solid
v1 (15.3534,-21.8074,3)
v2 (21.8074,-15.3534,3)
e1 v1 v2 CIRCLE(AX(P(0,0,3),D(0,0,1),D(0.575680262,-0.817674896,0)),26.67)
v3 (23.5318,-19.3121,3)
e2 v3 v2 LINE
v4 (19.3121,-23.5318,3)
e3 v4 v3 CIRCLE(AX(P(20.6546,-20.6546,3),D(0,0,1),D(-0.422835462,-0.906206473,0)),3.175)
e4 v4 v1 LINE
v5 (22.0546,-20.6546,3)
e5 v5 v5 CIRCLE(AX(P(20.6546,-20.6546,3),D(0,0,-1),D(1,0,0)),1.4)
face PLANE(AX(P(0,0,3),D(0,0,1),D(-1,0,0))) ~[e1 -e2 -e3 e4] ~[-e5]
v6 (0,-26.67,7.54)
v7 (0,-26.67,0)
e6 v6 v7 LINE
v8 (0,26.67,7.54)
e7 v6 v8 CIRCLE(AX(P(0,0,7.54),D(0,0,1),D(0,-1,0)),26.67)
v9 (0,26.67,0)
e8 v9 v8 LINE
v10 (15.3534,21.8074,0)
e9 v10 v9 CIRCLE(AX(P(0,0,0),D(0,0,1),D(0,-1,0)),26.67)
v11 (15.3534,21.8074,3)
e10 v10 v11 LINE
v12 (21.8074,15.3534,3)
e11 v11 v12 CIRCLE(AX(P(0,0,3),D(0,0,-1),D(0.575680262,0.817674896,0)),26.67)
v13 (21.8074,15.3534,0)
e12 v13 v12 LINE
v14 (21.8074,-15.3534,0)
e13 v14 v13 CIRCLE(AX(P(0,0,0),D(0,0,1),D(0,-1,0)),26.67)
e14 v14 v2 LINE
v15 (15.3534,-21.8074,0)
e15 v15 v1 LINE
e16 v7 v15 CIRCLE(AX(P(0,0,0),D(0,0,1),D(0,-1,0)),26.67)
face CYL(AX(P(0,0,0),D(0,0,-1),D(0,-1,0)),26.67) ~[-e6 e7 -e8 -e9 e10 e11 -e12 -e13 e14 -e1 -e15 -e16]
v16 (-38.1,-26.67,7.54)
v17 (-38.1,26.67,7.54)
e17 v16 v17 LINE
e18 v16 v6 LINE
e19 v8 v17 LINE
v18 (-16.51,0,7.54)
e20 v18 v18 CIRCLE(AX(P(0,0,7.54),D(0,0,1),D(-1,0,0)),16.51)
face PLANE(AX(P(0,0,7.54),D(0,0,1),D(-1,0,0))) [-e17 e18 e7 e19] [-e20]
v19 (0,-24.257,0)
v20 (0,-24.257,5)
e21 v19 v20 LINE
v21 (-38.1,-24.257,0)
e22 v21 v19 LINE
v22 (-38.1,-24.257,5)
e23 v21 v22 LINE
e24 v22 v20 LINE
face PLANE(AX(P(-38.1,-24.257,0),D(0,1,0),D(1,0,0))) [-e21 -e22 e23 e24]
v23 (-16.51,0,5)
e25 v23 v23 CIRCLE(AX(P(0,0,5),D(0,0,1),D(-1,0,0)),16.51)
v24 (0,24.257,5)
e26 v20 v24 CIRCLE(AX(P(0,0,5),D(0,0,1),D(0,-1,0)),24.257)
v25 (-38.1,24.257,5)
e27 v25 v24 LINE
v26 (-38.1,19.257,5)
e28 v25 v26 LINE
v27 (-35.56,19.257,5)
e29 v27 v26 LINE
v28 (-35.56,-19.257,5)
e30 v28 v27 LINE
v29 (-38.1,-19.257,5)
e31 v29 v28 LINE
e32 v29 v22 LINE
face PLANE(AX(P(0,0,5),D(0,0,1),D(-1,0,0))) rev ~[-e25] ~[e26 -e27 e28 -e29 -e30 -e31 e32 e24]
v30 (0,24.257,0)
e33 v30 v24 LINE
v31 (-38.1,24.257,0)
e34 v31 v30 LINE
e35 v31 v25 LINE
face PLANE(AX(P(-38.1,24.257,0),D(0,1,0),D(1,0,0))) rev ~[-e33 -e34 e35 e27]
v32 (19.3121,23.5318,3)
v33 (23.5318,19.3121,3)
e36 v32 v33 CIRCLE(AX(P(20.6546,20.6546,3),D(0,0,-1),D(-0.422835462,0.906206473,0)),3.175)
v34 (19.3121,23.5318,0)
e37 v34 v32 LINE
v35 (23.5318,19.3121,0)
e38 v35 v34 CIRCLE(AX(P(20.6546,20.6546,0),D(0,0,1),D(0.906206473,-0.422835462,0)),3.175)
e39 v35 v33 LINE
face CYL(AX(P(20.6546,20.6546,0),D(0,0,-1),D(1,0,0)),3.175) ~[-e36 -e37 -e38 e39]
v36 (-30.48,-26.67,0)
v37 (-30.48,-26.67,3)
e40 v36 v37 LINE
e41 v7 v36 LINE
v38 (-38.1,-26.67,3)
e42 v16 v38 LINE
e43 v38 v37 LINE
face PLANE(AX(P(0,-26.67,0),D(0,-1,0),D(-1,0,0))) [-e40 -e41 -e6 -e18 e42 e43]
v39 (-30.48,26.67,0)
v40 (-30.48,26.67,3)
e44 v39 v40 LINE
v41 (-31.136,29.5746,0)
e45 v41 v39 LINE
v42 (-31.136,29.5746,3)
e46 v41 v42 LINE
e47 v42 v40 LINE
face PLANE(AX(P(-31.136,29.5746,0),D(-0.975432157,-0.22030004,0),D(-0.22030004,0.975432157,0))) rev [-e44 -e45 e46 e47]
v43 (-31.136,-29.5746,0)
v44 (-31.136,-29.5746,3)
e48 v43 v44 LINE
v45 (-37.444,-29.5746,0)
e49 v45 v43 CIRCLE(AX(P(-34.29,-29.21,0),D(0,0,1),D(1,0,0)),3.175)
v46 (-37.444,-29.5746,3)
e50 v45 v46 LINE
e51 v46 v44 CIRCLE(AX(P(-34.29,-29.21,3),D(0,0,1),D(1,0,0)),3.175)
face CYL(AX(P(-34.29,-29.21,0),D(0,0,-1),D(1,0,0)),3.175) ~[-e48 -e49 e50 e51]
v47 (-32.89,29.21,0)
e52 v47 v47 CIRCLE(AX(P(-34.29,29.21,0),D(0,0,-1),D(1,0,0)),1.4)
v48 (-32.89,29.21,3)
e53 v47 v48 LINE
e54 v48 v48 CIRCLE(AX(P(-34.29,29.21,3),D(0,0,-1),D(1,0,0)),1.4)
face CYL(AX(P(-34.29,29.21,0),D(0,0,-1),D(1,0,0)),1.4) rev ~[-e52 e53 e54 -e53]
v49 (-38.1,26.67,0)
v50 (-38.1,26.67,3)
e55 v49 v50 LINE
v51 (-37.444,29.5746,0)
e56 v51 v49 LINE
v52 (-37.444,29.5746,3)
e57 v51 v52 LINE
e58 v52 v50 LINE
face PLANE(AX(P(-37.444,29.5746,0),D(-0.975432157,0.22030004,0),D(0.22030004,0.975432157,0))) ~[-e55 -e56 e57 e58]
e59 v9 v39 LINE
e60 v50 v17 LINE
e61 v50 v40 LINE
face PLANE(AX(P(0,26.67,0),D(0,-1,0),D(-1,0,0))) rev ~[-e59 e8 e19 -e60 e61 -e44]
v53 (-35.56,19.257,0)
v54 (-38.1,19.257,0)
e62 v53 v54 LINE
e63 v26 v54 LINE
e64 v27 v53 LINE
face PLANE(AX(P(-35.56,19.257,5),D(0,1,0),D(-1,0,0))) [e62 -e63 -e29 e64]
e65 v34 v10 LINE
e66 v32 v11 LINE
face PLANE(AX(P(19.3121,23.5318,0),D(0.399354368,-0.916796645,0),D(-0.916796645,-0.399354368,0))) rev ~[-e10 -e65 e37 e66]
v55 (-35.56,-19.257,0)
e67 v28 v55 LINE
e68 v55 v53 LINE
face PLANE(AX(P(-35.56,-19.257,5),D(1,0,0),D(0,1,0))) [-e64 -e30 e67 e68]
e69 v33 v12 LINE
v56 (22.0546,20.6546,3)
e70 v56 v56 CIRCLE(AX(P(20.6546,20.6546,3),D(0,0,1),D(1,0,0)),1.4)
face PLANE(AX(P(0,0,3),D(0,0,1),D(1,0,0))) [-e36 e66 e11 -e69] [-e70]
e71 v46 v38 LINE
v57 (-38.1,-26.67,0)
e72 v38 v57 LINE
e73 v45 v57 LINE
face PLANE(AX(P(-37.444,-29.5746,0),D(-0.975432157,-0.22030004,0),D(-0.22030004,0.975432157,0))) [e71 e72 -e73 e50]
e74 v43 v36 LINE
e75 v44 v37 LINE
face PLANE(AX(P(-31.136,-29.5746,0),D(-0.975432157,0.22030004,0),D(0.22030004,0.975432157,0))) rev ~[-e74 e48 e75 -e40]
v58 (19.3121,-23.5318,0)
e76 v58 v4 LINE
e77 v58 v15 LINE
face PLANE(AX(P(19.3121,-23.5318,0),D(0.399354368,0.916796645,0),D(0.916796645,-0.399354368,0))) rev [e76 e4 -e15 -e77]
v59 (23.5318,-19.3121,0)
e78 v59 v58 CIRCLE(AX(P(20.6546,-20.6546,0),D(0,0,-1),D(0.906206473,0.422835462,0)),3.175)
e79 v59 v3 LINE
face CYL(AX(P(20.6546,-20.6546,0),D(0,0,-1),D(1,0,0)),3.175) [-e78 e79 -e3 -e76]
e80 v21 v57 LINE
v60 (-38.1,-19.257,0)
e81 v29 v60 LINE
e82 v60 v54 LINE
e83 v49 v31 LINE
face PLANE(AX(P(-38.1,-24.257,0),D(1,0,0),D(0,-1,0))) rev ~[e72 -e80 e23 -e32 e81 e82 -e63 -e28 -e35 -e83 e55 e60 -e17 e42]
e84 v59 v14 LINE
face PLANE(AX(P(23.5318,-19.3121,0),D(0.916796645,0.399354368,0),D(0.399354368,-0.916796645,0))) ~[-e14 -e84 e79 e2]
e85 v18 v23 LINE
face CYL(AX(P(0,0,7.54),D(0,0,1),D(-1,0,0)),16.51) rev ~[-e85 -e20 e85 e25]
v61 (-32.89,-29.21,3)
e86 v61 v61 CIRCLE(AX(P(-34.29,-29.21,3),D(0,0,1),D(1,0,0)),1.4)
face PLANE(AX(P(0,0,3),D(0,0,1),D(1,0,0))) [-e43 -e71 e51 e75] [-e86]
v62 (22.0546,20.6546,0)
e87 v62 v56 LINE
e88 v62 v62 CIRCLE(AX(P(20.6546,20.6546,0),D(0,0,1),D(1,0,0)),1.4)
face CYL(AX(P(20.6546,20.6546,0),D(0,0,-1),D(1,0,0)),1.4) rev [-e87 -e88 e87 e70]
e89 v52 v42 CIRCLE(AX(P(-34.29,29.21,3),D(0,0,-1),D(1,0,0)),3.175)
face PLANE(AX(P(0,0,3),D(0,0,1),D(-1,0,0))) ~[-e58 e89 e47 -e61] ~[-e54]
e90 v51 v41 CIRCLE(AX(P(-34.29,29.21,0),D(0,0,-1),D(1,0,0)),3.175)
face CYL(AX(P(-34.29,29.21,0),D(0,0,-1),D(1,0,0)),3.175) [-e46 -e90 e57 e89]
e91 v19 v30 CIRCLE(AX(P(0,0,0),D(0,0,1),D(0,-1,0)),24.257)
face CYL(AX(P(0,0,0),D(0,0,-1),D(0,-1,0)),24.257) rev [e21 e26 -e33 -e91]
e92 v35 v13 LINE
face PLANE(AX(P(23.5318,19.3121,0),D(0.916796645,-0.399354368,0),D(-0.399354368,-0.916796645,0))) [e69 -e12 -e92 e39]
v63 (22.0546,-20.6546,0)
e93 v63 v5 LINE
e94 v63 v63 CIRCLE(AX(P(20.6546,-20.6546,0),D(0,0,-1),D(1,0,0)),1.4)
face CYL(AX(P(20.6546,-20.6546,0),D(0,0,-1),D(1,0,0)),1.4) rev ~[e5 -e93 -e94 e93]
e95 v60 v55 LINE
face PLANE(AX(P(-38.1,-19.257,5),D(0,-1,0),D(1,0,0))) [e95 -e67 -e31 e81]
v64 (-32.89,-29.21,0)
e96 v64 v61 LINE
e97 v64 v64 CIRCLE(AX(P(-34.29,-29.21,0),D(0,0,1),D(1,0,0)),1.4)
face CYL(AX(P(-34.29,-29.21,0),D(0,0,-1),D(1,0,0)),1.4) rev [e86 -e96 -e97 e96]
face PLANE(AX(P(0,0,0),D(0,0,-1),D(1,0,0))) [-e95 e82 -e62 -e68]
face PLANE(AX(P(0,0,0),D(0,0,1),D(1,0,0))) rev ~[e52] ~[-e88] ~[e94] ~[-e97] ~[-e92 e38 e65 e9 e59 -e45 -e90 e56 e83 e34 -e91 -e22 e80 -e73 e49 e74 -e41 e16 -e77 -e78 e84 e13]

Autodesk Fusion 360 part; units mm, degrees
sketch "Sketch1" plane through (0, 0, 0) normal (0, 0, 1) x (1, 0, 0)
  line L0 (0, 26.67) -> (-38.1, 26.67)
  line L1 (0, -26.67) -> (-38.1, -26.67)
  line L2 (-38.1, 24.257) -> (0, 24.257)
  line L3 (-38.1, -24.257) -> (0, -24.257)
  line L4 (-38.1, 26.67) -> (-38.1, 24.257)
  line L5 (-38.1, -24.257) -> (-38.1, -26.67)
  arc A0 (0, -26.67) -> (0, 26.67) centre (0, 0) ccw
  arc A1 (0, -24.257) -> (0, 24.257) centre (0, 0) ccw
  dimension "d1" = 53.34
  dimension "d2" = 48.514
  dimension "d3" = 38.1
  dimension "d4" = 38.1
extrude "Extrude1" add sketch "Sketch1" along normal blind 5
sketch "Sketch2" plane through (0, 0, 5) normal (0, 0, 1) x (-1, 0, 0)
  line L0 (38.1, 24.257) -> (38.1, 26.67)
  line L1 (38.1, 26.67) -> (0, 26.67)
  arc A0 (0, 26.67) -> (0, -26.67) centre (0, 0) ccw
  line L2 (0, -26.67) -> (38.1, -26.67)
  line L3 (38.1, -26.67) -> (38.1, -24.257)
  line L4 (38.1, -24.257) -> (0, -24.257)
  arc A1 (0, 24.257) -> (0, -24.257) centre (0, 0) ccw
  line L5 (0, 24.257) -> (38.1, 24.257)
  line L6 (38.1, -26.67) -> (38.1, 26.67)
extrude "Extrude2" add sketch "Sketch2" along normal blind 2.54
sketch "Sketch3" plane through (0, 0, 7.54) normal (0, 0, 1) x (-1, 0, 0)
  line L0 (38.1, -26.67) -> (38.1, 26.67)
  line L1 (38.1, 26.67) -> (0, 26.67)
  arc A0 (0, 26.67) -> (0, -26.67) centre (0, 0) ccw
  line L2 (0, -26.67) -> (38.1, -26.67)
  circle A1 centre (0, 0) radius 16.51
  dimension "d9" = 33.02
extrude "Extrude3" cut sketch "Sketch3" against normal through all contours A1
sketch "Sketch4" plane through (0, 0, 5) normal (0, 0, -1) x (1, 0, 0)
  circle A0 centre (0, 0) radius 16.51
  line L0 (0, 24.257) -> (-38.1, 24.257)
  line L1 (-38.1, 24.257) -> (-38.1, -24.257)
  line L2 (-38.1, -24.257) -> (0, -24.257)
  arc A1 (0, -24.257) -> (0, 24.257) centre (0, 0) ccw
  line L3 (-38.1, 19.257) -> (-35.56, 19.257)
  line L4 (-35.56, 19.257) -> (-35.56, -19.257)
  line L5 (-35.56, -19.257) -> (-38.1, -19.257)
  line L6 (-38.1, -19.257) -> (-38.1, 19.257)
  dimension "d11" = 5
  dimension "d12" = 5
extrude "Extrude4" add sketch "Sketch4" along normal blind 5 contours L1 L3 L4 L5 L6
sketch "Sketch5" plane through (0, 0, 0) normal (0, 0, 1) x (1, 0, 0)
  line L0 (0, 0) -> (30.48, 30.48) construction
  line L1 (0, 0) -> (43.1052, 0) construction
  line L2 (0, 0) -> (33.4313, -33.4313) construction
  line L3 (0, 0) -> (47.279, 0) construction
  circle A0 centre (20.6546, 20.6546) radius 1.4
  circle A1 centre (20.6546, -20.6546) radius 1.4
  circle A2 centre (20.6546, 20.6546) radius 3.175
  line L4 (19.3121, 23.5318) -> (15.3534, 21.8074)
  line L5 (23.5318, 19.3121) -> (21.8074, 15.3534)
  arc A3 (0, -26.67) -> (0, 26.67) centre (0, 0) ccw
  dimension "d15" = 45
  dimension "d16" = 45
  dimension "d17" = 2.8
  dimension "d18" = 2.8
  dimension "d19" = 29.21
  dimension "d20" = 29.21
  dimension "d21" = 6.35
  dimension "d22" = 4.318
extrude "Extrude5" add sketch "Sketch5" along normal blind 3 contours A2 A3 | A2 L4 A3 | A2 L5 A3 picked at (18.4077, 19.9432)
mirror "Mirror1" about plane through (0, 0, 0) normal (0, 1, 0) of "Extrude5"
sketch "Sketch6" plane through (0, 0, 0) normal (0, 0, 1) x (1, 0, 0)
  circle A0 centre (-34.29, -29.21) radius 1.4
  line L0 (-38.1, 26.67) -> (-38.1, -26.67)
  line L1 (-38.1, -26.67) -> (0, -26.67)
  circle A1 centre (-34.29, -29.21) radius 3.175
  line L2 (-37.444, -29.5746) -> (-38.1, -26.67)
  line L3 (-31.136, -29.5746) -> (-30.48, -26.67)
  dimension "d27" = 2.8
  dimension "d28" = 3.81
  dimension "d29" = 2.54
  dimension "d30" = 6.35
extrude "Extrude6" add sketch "Sketch6" along normal blind 3 contours L1 A1 L2 | L1 A1 | L1 A1 L3 picked at (-34.3249, -27.0513)
mirror "Mirror2" about plane through (0, 0, 0) normal (0, 1, 0) of "Extrude6"
sketch "Sketch7" plane through (0, 0, 0) normal (0, 0, 1) x (1, 0, 0)
  line L0 (38.1, -38.1) -> (-38.1, -38.1) construction
  line L1 (-38.1, -38.1) -> (-38.1, 38.1) construction
  line L2 (-38.1, 38.1) -> (38.1, 38.1) construction
  line L3 (38.1, 38.1) -> (38.1, -38.1) construction
  line L4 (38.1, -38.1) -> (-38.1, 38.1) construction
  line L5 (-38.1, -38.1) -> (38.1, 38.1) construction
  dimension "d35" = 76.2
  dimension "d36" = 76.2
